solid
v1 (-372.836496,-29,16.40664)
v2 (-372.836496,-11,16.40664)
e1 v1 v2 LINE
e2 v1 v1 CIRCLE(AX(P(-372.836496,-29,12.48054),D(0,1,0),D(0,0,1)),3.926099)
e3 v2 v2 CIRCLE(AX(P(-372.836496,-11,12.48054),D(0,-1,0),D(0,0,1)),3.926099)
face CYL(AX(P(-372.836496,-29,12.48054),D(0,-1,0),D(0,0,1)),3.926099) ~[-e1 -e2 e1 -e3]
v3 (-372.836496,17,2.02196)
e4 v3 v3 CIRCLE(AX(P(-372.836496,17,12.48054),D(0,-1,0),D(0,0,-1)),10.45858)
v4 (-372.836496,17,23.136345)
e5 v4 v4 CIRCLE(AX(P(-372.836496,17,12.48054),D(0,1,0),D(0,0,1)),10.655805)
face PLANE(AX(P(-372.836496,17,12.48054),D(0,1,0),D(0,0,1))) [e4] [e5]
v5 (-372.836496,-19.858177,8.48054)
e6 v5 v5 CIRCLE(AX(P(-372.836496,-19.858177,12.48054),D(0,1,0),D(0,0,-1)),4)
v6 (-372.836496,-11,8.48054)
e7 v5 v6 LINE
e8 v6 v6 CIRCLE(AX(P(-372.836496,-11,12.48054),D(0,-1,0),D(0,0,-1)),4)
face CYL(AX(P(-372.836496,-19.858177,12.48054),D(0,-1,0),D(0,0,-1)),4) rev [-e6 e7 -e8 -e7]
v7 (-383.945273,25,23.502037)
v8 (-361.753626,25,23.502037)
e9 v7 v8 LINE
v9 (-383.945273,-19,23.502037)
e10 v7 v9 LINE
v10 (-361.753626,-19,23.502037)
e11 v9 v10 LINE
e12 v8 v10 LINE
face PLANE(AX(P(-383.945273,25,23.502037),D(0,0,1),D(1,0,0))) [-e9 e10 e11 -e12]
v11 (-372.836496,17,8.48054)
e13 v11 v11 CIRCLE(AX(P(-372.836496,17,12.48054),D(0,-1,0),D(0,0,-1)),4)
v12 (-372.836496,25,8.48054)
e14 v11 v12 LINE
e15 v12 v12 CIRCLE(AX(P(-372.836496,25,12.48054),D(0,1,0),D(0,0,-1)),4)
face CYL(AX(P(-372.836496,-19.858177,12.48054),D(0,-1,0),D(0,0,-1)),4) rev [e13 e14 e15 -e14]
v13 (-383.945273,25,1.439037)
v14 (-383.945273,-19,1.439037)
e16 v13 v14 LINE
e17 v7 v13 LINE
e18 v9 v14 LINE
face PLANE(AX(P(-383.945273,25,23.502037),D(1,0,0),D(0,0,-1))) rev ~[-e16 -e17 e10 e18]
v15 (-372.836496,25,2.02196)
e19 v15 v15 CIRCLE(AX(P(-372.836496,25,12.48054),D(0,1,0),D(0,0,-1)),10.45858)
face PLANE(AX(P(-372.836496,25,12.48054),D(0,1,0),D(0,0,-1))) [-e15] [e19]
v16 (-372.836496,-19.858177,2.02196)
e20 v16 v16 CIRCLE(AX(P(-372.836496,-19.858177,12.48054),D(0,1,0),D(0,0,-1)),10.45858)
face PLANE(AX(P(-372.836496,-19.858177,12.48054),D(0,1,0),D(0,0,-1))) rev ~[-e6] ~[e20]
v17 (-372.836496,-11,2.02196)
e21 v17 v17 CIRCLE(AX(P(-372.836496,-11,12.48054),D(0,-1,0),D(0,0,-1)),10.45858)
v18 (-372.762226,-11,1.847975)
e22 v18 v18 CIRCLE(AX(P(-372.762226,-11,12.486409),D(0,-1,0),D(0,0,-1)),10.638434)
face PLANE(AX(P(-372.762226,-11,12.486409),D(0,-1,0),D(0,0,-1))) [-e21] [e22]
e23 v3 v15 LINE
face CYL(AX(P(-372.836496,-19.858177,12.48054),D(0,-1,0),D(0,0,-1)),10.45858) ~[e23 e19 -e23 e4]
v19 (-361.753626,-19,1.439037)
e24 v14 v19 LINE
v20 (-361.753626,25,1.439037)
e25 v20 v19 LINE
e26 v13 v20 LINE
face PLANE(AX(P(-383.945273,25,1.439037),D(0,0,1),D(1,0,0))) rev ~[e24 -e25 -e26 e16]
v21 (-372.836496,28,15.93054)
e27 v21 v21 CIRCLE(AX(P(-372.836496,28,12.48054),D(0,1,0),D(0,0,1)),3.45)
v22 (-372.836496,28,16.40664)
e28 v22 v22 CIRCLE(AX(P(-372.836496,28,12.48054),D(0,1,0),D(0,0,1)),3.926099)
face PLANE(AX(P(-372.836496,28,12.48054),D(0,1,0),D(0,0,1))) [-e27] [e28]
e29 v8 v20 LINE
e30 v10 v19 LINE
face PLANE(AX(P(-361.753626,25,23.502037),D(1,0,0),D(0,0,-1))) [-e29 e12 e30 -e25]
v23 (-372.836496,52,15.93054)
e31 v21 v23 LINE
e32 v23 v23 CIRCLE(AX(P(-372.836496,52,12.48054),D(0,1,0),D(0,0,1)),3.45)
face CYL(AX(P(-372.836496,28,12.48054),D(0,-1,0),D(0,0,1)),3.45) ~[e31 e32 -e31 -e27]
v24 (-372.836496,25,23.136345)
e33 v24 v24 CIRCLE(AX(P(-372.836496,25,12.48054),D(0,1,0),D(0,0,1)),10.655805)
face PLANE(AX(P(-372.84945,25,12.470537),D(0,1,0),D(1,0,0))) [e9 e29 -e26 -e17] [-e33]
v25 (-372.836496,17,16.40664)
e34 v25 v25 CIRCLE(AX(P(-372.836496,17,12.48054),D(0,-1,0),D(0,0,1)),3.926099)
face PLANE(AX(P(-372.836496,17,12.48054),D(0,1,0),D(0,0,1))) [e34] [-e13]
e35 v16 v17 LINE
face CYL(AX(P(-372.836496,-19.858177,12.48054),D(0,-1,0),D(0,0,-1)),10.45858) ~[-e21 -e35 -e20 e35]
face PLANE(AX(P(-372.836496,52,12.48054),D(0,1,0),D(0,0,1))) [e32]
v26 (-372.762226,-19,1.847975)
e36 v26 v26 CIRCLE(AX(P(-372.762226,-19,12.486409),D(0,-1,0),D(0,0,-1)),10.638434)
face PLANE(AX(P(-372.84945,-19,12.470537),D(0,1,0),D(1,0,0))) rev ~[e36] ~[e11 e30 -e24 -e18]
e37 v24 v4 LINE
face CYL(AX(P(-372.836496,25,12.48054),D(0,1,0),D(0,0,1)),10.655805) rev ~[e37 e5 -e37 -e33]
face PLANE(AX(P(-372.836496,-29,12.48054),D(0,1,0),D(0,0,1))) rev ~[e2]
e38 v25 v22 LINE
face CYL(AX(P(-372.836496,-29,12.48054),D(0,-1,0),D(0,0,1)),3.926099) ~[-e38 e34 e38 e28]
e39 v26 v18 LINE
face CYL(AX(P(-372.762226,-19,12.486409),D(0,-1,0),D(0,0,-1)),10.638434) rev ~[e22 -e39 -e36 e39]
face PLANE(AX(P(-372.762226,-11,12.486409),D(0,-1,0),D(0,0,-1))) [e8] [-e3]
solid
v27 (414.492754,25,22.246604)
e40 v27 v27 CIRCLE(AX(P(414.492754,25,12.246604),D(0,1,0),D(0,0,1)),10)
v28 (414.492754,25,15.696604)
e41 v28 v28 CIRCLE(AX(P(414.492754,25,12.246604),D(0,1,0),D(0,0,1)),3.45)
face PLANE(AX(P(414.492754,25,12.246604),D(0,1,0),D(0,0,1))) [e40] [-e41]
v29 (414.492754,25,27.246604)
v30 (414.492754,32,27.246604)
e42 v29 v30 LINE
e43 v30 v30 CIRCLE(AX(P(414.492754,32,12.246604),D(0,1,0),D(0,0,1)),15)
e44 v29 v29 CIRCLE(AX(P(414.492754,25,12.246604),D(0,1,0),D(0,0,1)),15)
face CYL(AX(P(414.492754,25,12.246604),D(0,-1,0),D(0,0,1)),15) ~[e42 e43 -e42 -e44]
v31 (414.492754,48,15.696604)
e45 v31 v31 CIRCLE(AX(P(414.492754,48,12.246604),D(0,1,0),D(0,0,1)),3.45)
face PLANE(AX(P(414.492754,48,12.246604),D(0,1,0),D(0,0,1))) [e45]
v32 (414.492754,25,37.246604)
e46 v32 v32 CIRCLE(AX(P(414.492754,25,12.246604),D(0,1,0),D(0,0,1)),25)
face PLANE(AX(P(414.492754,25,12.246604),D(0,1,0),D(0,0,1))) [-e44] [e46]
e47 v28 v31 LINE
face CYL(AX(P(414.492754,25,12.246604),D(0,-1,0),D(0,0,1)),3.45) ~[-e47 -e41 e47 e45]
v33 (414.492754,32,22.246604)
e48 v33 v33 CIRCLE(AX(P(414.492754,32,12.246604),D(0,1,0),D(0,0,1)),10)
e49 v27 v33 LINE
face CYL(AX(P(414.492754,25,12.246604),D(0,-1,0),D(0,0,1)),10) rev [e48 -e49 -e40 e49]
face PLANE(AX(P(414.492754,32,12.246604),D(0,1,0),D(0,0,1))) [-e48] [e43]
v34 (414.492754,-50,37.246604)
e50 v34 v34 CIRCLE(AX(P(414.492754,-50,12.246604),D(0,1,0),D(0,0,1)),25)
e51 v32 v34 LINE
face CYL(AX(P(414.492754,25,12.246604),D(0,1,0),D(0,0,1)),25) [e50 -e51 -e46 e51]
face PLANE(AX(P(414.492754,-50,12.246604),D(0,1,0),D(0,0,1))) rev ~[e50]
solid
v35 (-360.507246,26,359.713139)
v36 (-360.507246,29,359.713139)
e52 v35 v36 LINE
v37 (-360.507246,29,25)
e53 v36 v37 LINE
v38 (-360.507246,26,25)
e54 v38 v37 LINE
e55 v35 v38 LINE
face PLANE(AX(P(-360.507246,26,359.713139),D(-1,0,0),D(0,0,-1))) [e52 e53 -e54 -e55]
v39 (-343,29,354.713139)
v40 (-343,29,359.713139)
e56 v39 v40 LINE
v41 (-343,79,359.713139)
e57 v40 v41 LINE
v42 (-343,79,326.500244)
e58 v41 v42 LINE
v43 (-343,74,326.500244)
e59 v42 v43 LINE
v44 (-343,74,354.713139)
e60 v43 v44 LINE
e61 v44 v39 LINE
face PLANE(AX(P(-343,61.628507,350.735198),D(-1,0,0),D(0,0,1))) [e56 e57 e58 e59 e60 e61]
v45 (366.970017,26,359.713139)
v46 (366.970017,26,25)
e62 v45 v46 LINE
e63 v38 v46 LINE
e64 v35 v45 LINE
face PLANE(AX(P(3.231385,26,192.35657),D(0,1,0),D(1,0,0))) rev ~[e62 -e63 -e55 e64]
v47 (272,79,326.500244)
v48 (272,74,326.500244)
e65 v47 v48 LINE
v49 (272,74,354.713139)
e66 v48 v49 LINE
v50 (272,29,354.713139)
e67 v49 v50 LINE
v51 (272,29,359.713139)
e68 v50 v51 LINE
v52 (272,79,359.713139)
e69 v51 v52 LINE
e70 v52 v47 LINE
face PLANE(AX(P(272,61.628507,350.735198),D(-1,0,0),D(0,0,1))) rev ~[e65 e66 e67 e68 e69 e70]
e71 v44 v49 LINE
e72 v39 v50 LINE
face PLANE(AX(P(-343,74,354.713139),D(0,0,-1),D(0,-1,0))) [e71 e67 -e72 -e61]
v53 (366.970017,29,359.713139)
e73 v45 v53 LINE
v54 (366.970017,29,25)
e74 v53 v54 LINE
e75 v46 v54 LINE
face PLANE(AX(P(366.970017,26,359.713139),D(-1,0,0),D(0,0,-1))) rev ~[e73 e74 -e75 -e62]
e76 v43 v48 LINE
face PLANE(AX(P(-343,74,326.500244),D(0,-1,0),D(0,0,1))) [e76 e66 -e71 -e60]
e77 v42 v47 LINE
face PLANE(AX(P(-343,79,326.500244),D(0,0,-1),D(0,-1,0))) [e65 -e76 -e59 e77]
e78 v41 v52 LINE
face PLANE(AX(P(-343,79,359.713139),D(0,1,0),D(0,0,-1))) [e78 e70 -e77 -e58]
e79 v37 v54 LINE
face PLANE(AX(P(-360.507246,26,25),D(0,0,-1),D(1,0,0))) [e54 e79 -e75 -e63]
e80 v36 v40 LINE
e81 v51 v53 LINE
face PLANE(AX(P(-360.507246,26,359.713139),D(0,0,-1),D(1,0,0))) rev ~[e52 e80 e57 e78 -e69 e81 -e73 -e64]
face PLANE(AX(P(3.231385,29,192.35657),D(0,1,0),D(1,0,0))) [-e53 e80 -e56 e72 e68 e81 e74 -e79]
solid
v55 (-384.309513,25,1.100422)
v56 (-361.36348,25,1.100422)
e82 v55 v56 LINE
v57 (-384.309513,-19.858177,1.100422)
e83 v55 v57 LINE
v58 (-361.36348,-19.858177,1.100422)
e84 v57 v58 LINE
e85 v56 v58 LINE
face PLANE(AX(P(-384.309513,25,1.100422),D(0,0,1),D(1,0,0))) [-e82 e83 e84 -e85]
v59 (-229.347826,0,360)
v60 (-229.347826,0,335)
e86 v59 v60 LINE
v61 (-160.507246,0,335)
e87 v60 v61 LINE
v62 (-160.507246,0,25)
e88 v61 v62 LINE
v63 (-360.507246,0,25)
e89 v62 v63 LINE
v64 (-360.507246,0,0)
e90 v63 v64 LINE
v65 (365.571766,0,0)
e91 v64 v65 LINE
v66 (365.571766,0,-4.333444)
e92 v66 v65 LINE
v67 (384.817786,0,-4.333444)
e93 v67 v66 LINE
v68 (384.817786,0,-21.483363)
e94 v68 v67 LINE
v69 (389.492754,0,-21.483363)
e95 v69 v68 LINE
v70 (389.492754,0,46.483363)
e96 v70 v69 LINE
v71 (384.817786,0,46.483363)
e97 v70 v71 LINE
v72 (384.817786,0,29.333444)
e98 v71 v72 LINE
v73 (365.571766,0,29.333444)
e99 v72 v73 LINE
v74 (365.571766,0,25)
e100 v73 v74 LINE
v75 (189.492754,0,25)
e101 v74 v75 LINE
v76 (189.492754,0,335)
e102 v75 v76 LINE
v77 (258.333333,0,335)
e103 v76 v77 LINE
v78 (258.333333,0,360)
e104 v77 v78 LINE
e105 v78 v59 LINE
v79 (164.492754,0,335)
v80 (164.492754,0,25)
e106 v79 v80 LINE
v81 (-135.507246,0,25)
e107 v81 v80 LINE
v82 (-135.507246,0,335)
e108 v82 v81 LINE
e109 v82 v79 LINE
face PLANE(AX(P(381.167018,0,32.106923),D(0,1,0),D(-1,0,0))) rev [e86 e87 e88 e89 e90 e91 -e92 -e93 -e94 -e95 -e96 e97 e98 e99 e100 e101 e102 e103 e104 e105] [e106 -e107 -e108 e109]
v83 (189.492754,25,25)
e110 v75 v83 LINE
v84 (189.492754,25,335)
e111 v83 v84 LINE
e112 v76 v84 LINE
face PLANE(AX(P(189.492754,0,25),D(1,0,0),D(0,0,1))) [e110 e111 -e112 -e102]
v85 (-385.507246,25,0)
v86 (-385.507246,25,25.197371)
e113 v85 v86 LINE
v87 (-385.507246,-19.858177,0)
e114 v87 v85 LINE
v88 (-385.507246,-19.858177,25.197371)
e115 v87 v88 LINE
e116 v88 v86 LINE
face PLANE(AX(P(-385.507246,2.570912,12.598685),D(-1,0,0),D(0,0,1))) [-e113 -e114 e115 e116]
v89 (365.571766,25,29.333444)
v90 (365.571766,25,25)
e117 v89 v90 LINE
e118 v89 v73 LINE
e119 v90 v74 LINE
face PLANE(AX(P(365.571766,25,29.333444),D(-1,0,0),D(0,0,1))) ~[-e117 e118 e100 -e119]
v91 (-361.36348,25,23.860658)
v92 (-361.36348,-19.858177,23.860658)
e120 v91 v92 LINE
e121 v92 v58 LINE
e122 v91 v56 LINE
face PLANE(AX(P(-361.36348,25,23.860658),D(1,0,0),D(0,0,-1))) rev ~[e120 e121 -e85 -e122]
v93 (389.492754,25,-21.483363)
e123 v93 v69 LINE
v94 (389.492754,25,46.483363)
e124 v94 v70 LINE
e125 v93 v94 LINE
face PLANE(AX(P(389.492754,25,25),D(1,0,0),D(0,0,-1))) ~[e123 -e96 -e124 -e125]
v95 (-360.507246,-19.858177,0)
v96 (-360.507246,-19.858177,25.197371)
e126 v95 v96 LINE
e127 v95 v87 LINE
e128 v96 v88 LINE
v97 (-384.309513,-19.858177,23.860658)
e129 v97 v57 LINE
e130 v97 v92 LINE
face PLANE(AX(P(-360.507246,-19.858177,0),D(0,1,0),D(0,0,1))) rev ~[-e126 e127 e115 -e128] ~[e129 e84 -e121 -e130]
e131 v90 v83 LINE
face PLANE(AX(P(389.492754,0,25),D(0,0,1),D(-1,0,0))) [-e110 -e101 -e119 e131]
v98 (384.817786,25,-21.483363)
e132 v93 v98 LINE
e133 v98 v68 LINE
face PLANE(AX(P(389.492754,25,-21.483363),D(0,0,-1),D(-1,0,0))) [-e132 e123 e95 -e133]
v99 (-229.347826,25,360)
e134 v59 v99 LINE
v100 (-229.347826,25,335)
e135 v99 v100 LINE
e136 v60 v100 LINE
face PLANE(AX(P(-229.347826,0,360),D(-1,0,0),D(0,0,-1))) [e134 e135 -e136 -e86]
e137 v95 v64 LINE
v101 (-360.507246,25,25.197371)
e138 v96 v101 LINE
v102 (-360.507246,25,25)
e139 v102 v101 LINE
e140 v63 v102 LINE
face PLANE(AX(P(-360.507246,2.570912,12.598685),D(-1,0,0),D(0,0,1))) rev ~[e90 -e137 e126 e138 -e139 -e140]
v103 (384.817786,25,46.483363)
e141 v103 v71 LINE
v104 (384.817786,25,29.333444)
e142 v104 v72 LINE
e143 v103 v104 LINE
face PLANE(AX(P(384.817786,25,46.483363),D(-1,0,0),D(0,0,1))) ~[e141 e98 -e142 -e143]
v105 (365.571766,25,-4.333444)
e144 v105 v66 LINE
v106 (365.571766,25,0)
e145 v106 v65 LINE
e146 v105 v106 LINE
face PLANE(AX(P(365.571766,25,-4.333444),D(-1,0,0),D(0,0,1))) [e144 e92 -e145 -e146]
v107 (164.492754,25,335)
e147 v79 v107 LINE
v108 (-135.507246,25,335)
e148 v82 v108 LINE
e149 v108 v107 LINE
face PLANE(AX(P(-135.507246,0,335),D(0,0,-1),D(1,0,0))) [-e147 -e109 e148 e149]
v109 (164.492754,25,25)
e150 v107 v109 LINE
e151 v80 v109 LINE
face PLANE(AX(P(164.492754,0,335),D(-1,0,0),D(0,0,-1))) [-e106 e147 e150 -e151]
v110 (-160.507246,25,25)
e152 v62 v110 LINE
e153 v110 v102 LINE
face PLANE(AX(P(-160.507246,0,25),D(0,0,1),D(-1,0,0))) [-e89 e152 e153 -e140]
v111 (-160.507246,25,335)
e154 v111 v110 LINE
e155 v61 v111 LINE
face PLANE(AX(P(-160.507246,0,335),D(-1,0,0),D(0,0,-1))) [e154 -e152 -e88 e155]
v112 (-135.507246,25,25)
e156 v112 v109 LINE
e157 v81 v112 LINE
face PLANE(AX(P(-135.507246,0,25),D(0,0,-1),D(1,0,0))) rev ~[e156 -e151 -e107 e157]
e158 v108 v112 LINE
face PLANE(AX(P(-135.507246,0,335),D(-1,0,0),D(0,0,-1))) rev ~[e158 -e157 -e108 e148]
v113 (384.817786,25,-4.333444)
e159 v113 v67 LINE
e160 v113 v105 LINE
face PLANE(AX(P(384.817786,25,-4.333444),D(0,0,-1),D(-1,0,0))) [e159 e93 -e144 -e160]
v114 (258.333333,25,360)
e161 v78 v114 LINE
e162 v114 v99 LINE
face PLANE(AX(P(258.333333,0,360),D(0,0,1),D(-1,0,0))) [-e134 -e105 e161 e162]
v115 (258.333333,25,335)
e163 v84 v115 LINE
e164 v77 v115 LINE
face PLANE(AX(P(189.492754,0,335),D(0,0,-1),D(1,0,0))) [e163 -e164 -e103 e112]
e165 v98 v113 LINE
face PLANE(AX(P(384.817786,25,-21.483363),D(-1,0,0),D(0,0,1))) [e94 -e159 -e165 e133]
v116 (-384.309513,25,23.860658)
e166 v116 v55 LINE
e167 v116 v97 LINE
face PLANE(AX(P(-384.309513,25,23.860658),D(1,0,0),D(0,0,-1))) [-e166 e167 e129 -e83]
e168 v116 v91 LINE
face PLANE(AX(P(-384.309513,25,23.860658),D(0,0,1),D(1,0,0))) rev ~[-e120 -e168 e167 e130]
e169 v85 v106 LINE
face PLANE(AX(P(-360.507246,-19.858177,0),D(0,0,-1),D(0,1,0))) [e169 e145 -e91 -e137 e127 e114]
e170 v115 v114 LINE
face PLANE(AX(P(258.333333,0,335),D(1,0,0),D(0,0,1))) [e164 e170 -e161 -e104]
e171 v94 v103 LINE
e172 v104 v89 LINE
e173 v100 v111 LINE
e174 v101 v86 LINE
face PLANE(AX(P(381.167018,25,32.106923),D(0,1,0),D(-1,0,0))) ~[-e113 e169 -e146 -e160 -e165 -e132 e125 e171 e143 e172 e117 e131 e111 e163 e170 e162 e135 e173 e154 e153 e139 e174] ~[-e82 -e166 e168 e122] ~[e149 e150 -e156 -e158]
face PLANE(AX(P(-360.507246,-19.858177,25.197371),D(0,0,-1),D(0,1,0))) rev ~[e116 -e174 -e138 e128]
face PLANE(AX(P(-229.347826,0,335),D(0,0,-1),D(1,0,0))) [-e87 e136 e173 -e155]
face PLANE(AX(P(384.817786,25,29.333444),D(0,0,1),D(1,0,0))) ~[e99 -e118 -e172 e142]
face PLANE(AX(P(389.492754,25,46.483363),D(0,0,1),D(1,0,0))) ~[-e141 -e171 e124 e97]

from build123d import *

# Parameters (mm, degrees)
SKETCH1_W                = 300
SKETCH1_H                = 310
BOSS_EXTRUDE1_DEPTH      = 25
SKETCH4_W                = 25.197370863
SKETCH4_H                = 44.858176632
BOSS_EXTRUDE2_DEPTH      = 25
SKETCH5_W                = 22.946033492
SKETCH5_H                = 22.760235649
CUT_EXTRUDE1_DEPTH       = 533.275174262
SKETCH7_W                = 22.191646781
SKETCH7_H                = 22.062999553
BOSS_EXTRUDE4_DEPTH      = 44
SKETCH8_R                = 10.655804952
CUT_EXTRUDE2_DEPTH       = 8
SKETCH9_R                = 10.638433537
CUT_EXTRUDE3_DEPTH       = 8
BOSS_EXTRUDE5_DEPTH      = 8
BOSS_EXTRUDE5_DEPTH_BACK = 36.858177
SKETCH12_R               = 10.458580424
SKETCH12_R_2             = 4
SKETCH14_W               = 727.477263183
SKETCH14_H               = 334.713139096
BOSS_EXTRUDE6_DEPTH      = 3
BOSS_EXTRUDE7_DEPTH      = 272
BOSS_EXTRUDE7_DEPTH_BACK = 343
BOSS_EXTRUDE8_DEPTH      = 3
BOSS_EXTRUDE8_DEPTH_BACK = 54
SKETCH16_R               = 3.92609933
SKETCH17_R               = 3.45
BOSS_EXTRUDE9_DEPTH      = 24
SKETCH18_R               = 25
BOSS_EXTRUDE10_DEPTH     = 75
BOSS_EXTRUDE12_DEPTH     = 25
SKETCH21_R               = 15
SKETCH21_R_2             = 10
BOSS_EXTRUDE13_DEPTH     = 7
SKETCH22_R               = 3.45
BOSS_EXTRUDE14_DEPTH     = 23


with BuildPart() as part:
    # Sketch1 → Boss-Extrude1 (new body)
    with BuildSketch(Plane(origin=(0, 0, 0), x_dir=(1, 0, 0), z_dir=(0, 1, 0))):
        Polygon((-360.507246377, 0), (389.492753623, 0), (389.492753623, -25), (189.492753623, -25), (189.492753623, -335), (258.333333333, -335), (258.333333333, -360), (-229.347826087, -360), (-229.347826087, -335), (-160.507246377, -335), (-160.507246377, -25), (-360.507246377, -25), align=None)
        with Locations((14.492753623, -180)):
            Rectangle(SKETCH1_W, SKETCH1_H, mode=Mode.SUBTRACT)
    extrude(amount=BOSS_EXTRUDE1_DEPTH)

    # Sketch4 → Boss-Extrude2 (add)
    with BuildSketch(Plane.ZY.offset(360.507246377)):
        with Locations((12.598685432, 2.570911684)):
            Rectangle(SKETCH4_W, SKETCH4_H)
    extrude(amount=BOSS_EXTRUDE2_DEPTH)

    # Sketch5 → Cut-Extrude1 (cut, through all)
    with BuildSketch(Plane(origin=(0, 25, 0), x_dir=(1, 0, 0), z_dir=(0, 1, 0))):
        with Locations((-372.836496425, -12.480540279)):
            Rectangle(SKETCH5_W, SKETCH5_H)
    extrude(amount=-CUT_EXTRUDE1_DEPTH, mode=Mode.SUBTRACT)

    # Sketch19 → Boss-Extrude12 (add)
    with BuildSketch(Plane(origin=(0, 25, 0), x_dir=(1, 0, 0), z_dir=(0, 1, 0))):
        Polygon((389.492753623, 0), (389.492753623, 21.483362749), (384.817785784, 21.483362749), (384.817785784, 4.33344442), (365.571766327, 4.33344442), (365.571766327, 0), align=None)
    boss_extrude12 = extrude(amount=-BOSS_EXTRUDE12_DEPTH)

    # Mirror1: Boss-Extrude12 across plane
    add(boss_extrude12.mirror(Plane.XY.offset(12.5)))


with BuildPart() as body_2:
    # Sketch7 → Boss-Extrude4 (new body)
    with BuildSketch(Plane(origin=(0, 25, 0), x_dir=(1, 0, 0), z_dir=(0, 1, 0))):
        with Locations((-372.849449875, -12.470537148)):
            Rectangle(SKETCH7_W, SKETCH7_H)
    extrude(amount=-BOSS_EXTRUDE4_DEPTH)

    # Sketch8 → Cut-Extrude2 (cut)
    with BuildSketch(Plane(origin=(0, 25, 0), x_dir=(1, 0, 0), z_dir=(0, 1, 0))):
        with Locations(Location((-372.836496425, -12.480540278, 0), (0, 0, 270))):
            Circle(SKETCH8_R)
    extrude(amount=-CUT_EXTRUDE2_DEPTH, mode=Mode.SUBTRACT)

    # Sketch9 → Cut-Extrude3 (cut)
    with BuildSketch(Plane(origin=(0, -19, 0), x_dir=(-1, 0, 0), z_dir=(0, -1, 0))):
        with Locations(Location((372.762225598, -12.486408958, 0), (0, 0, 90))):
            Circle(SKETCH9_R)
    extrude(amount=-CUT_EXTRUDE3_DEPTH, mode=Mode.SUBTRACT)

    # Sketch12 → Boss-Extrude5 (add, two sides: drawn at the far end of the back side and taken through both)
    with BuildSketch(Plane(origin=(0, 17, 0), x_dir=(1, 0, 0), z_dir=(0, 1, 0)).offset(-BOSS_EXTRUDE5_DEPTH_BACK)):
        with Locations(Location((-372.836496425, -12.480540278, 0), (0, 0, 90))):
            Circle(SKETCH12_R)
        with Locations(Location((-372.836496425, -12.480540278, 0), (0, 0, 90))):
            Circle(SKETCH12_R_2, mode=Mode.SUBTRACT)
    extrude(amount=BOSS_EXTRUDE5_DEPTH + BOSS_EXTRUDE5_DEPTH_BACK)

    # Sketch16 → Boss-Extrude8 (add, two sides: drawn at the far end of the back side and taken through both)
    with BuildSketch(Plane(origin=(0, 25, 0), x_dir=(1, 0, 0), z_dir=(0, 1, 0)).offset(-BOSS_EXTRUDE8_DEPTH_BACK)):
        with Locations(Location((-372.836496425, -12.480540278, 0), (0, 0, 270))):
            Circle(SKETCH16_R)
    extrude(amount=BOSS_EXTRUDE8_DEPTH + BOSS_EXTRUDE8_DEPTH_BACK)

    # Sketch17 → Boss-Extrude9 (add)
    with BuildSketch(Plane(origin=(0, 28, 0), x_dir=(1, 0, 0), z_dir=(0, 1, 0))):
        with Locations(Location((-372.836496425, -12.480540278, 0), (0, 0, 270))):
            Circle(SKETCH17_R)
    extrude(amount=BOSS_EXTRUDE9_DEPTH)


with BuildPart() as body_3:
    # Sketch14 → Boss-Extrude6 (new body)
    with BuildSketch(Plane(origin=(0, 26, 0), x_dir=(1, 0, 0), z_dir=(0, 1, 0))):
        with Locations((3.231385215, -192.356569548)):
            Rectangle(SKETCH14_W, SKETCH14_H)
    extrude(amount=BOSS_EXTRUDE6_DEPTH)

    # Sketch15 → Boss-Extrude7 (add, two sides: drawn at the far end of the back side and taken through both)
    with BuildSketch(Plane(origin=(0, 0, 0), x_dir=(0, 0, -1), z_dir=(1, 0, 0)).offset(-BOSS_EXTRUDE7_DEPTH_BACK)):
        Polygon((-359.713139096, 29), (-359.713139096, 79), (-326.500243697, 79), (-326.500243697, 74), (-354.713139096, 74), (-354.713139096, 29), align=None)
    extrude(amount=BOSS_EXTRUDE7_DEPTH + BOSS_EXTRUDE7_DEPTH_BACK)


with BuildPart() as body_4:
    # Sketch18 → Boss-Extrude10 (new body)
    with BuildSketch(Plane(origin=(0, 25, 0), x_dir=(1, 0, 0), z_dir=(0, 1, 0))):
        with Locations(Location((414.492753623, -12.246603976, 0), (0, 0, 270))):
            Circle(SKETCH18_R)
    extrude(amount=-BOSS_EXTRUDE10_DEPTH)

    # Sketch21 → Boss-Extrude13 (add)
    with BuildSketch(Plane(origin=(0, 25, 0), x_dir=(1, 0, 0), z_dir=(0, 1, 0))):
        with Locations(Location((414.492753623, -12.246603976, 0), (0, 0, 270))):
            Circle(SKETCH21_R)
        with Locations(Location((414.492753623, -12.246603976, 0), (0, 0, 270))):
            Circle(SKETCH21_R_2, mode=Mode.SUBTRACT)
    extrude(amount=BOSS_EXTRUDE13_DEPTH)

    # Sketch22 → Boss-Extrude14 (add)
    with BuildSketch(Plane(origin=(0, 25, 0), x_dir=(1, 0, 0), z_dir=(0, 1, 0))):
        with Locations(Location((414.492753623, -12.246603976, 0), (0, 0, 270))):
            Circle(SKETCH22_R)
    extrude(amount=BOSS_EXTRUDE14_DEPTH)


solid = Compound([part.part, body_2.part, body_3.part, body_4.part])
